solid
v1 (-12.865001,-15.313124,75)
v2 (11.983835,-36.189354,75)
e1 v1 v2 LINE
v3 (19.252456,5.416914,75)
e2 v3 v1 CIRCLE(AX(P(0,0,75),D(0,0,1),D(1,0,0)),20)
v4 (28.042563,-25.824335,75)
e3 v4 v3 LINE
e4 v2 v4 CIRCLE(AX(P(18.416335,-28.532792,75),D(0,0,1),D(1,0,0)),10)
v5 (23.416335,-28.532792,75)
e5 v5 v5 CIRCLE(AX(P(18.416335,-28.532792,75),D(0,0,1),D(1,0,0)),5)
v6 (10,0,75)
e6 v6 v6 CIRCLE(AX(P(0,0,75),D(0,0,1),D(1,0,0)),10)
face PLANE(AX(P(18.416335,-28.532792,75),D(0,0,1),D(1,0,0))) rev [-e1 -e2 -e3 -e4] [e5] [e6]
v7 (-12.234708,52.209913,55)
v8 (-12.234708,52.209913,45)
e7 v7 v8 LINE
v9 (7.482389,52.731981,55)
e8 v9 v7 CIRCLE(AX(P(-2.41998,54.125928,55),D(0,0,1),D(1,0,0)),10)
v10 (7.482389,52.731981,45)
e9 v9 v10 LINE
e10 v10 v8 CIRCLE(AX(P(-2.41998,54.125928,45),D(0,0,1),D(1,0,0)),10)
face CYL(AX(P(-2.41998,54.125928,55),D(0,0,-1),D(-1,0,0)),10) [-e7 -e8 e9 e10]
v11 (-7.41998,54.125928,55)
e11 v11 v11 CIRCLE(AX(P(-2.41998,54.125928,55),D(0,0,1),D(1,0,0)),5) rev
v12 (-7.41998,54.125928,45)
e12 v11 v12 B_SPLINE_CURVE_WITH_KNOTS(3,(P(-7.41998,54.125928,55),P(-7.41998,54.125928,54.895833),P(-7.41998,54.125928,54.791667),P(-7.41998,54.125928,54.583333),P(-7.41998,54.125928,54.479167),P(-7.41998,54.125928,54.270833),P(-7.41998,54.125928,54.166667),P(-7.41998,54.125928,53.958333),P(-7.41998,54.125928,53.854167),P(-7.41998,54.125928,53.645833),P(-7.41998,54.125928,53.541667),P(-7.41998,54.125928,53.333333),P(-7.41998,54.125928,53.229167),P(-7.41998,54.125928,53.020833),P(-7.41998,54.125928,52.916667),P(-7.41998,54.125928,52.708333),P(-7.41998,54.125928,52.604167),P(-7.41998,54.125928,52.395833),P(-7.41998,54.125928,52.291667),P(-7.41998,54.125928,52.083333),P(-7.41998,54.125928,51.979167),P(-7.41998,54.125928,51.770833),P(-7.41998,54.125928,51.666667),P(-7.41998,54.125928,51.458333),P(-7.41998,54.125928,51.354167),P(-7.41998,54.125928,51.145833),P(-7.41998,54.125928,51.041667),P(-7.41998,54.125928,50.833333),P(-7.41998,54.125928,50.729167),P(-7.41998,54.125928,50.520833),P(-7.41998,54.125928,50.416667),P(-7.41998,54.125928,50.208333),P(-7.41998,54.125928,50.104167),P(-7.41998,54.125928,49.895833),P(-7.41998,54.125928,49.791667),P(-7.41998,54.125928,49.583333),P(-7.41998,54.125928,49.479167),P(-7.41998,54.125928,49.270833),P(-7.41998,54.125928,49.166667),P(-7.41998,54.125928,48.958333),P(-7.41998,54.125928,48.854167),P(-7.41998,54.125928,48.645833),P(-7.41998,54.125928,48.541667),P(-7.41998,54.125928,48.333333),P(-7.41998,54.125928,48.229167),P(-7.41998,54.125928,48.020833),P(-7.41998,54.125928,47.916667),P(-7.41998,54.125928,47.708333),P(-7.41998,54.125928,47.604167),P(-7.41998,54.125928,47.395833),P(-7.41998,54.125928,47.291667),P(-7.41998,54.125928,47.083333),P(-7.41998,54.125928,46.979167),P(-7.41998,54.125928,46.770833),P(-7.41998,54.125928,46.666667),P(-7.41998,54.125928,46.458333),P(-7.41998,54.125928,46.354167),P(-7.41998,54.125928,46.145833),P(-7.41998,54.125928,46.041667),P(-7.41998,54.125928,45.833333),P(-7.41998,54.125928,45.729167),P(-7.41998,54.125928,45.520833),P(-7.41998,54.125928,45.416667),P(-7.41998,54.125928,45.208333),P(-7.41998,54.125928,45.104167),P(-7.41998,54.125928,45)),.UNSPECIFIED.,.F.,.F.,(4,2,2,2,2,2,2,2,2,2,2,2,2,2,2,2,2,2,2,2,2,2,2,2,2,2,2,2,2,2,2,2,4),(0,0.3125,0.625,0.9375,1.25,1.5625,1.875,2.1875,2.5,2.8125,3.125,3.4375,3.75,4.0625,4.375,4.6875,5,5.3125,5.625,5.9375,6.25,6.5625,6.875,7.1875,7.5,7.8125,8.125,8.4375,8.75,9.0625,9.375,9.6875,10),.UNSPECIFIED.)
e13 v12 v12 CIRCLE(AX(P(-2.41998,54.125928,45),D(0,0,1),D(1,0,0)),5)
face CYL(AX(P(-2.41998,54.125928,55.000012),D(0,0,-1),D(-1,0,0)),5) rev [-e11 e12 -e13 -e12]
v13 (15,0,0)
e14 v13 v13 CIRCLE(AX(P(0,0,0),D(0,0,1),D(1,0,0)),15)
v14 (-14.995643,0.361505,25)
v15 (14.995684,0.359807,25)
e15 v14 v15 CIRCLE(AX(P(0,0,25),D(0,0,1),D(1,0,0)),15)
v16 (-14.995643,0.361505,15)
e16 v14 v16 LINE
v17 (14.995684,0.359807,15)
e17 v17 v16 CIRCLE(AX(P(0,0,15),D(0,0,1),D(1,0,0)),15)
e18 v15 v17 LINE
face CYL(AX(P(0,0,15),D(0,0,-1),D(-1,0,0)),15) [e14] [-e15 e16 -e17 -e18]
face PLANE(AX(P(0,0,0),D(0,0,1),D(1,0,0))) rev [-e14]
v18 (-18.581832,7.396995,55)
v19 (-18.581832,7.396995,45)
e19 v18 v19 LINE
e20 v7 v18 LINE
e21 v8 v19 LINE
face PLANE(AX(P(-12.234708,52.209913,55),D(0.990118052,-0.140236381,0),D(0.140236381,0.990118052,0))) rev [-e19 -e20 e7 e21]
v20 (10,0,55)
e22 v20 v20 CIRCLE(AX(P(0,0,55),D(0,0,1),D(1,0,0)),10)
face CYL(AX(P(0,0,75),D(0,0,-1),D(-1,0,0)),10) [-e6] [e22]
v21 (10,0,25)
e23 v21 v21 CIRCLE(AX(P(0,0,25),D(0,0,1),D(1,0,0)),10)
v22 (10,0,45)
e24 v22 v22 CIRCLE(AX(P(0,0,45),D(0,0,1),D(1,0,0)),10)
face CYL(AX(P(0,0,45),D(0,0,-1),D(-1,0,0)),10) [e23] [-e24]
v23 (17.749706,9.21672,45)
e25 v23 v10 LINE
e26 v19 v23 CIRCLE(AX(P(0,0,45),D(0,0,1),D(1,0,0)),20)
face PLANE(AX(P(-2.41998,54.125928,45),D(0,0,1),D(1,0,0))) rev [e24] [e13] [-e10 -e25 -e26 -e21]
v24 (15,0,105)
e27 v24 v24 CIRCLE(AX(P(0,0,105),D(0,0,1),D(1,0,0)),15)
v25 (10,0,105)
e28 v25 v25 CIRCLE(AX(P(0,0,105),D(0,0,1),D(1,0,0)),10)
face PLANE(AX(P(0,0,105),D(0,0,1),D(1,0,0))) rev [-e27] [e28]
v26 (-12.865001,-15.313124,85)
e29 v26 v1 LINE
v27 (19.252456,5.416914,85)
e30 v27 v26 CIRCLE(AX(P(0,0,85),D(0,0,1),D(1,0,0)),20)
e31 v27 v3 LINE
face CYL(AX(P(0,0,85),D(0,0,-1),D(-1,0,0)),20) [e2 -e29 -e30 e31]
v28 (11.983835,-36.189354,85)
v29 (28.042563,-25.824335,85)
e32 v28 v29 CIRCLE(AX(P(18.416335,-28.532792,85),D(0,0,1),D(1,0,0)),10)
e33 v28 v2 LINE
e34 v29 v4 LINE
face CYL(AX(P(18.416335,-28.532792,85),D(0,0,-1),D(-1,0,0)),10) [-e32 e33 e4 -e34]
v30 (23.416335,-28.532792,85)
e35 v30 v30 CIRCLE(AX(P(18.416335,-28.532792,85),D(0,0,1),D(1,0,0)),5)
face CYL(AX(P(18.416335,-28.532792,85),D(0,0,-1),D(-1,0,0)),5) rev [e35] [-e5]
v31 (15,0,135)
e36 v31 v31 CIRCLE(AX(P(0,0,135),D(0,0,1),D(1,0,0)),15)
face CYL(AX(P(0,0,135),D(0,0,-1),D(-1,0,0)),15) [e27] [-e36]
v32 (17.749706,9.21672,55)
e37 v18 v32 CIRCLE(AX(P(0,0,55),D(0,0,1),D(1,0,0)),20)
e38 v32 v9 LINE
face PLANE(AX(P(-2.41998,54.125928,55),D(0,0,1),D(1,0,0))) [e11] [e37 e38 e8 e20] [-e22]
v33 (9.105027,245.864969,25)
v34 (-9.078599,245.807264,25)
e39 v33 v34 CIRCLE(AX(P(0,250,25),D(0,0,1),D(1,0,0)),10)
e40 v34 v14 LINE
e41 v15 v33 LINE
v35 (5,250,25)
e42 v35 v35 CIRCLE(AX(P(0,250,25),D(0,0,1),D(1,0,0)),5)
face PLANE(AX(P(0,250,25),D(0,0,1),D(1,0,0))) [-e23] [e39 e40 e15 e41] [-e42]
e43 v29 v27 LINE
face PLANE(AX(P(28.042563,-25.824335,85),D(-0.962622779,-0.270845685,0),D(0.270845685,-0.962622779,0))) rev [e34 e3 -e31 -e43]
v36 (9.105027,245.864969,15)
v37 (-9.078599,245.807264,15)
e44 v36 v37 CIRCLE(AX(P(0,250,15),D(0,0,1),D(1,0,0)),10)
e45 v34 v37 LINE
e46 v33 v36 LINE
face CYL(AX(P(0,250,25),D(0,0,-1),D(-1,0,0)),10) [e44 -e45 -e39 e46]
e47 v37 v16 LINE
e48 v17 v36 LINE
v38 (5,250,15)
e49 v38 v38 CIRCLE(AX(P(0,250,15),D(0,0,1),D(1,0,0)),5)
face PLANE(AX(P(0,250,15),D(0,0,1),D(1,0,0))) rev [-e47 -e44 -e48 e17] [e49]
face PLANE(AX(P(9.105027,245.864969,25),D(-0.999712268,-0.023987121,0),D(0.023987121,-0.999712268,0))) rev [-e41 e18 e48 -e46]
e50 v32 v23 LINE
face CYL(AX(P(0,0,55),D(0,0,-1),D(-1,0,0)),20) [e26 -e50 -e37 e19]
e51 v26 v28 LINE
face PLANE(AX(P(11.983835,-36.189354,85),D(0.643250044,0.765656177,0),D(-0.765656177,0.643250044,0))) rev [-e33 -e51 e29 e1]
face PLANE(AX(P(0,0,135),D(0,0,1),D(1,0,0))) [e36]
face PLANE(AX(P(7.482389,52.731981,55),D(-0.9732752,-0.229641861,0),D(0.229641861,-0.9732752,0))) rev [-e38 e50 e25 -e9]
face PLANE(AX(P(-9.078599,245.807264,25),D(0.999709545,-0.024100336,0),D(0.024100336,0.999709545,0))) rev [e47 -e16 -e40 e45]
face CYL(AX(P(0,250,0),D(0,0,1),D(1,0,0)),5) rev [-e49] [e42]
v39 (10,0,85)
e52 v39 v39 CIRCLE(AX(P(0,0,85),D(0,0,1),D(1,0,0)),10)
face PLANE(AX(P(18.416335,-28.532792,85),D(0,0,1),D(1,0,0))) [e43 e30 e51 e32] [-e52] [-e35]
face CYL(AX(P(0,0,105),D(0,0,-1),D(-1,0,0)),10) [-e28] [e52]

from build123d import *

# Parameters (mm, degrees)
ESBO_O1_R                  = 15
RESSALTO_EXTRUS_O1_DEPTH   = 15
RESSALTO_EXTRUS_O2_DEPTH   = 10
ESBO_O4_R                  = 10
RESSALTO_EXTRUS_O3_DEPTH   = 20
CORTE_EXTRUS_O3_DEPTH      = 262.629509039
CORTE_EXTRUS_O3_DEPTH_BACK = 262.629509039
ESBO_O9_R                  = 5
RESSALTO_EXTRUS_O6_DEPTH   = 10
CORTE_EXTRUS_O4_DEPTH      = 267.505159425
CORTE_EXTRUS_O4_DEPTH_BACK = 10
ESBO_O12_R                 = 5
ESBO_O13_R                 = 10
RESSALTO_EXTRUS_O7_DEPTH   = 20
ESBO_O14_R                 = 5
RESSALTO_EXTRUS_O8_DEPTH   = 10
ESBO_O15_R                 = 10
RESSALTO_EXTRUS_O9_DEPTH   = 20
ESBO_O17_R                 = 15
RESSALTO_EXTRUS_O10_DEPTH  = 30


with BuildPart() as part:
    # Esboço1 → Ressalto-extrusão1 (new body)
    with BuildSketch(Plane.XY):
        Circle(ESBO_O1_R)
    extrude(amount=RESSALTO_EXTRUS_O1_DEPTH)

    # Esboço2 → Ressalto-extrusão2 (add)
    with BuildSketch(Plane.XY.offset(15)):
        with BuildLine():
            Line((-9.078599197, 245.807263828), (-14.995643171, 0.361505045))
            ThreePointArc((-14.995643171, 0.361505045), (-0.00084936, -14.999999976), (14.995684014, 0.359806815))
            Line((14.995684014, 0.359806815), (9.105027046, 245.864968865))
            ThreePointArc((9.105027046, 245.864968865), (-0.031734455, 259.999949646), (-9.078599197, 245.807263828))
        make_face()
    extrude(amount=RESSALTO_EXTRUS_O2_DEPTH)

    # Esboço4 → Ressalto-extrusão3 (add)
    with BuildSketch(Plane.XY.offset(25)):
        Circle(ESBO_O4_R)
    extrude(amount=RESSALTO_EXTRUS_O3_DEPTH)

    # Esboço9 → Corte-extrusão3 (cut, two sides: drawn at the far end of the back side and taken through both)
    with BuildSketch(Plane.XY.offset(25).offset(-CORTE_EXTRUS_O3_DEPTH_BACK)):
        with Locations((0, 250)):
            Circle(ESBO_O9_R)
    extrude(amount=CORTE_EXTRUS_O3_DEPTH + CORTE_EXTRUS_O3_DEPTH_BACK, mode=Mode.SUBTRACT)

    # Esboço11 → Ressalto-extrusão6 (add)
    with BuildSketch(Plane(origin=(0, 0, 45), x_dir=(0.999001995685138, 0.044665564108286114, 0), z_dir=(0, 0, 1))):
        with BuildLine():
            Line((-9.890512739, 52.704277206), (-18.232895862, 8.219580797))
            ThreePointArc((-18.232895862, 8.219580797), (0.107287246, -19.999712234), (18.143662158, 8.414720642))
            Line((18.143662158, 8.414720642), (9.830225014, 52.345149552))
            ThreePointArc((9.830225014, 52.345149552), (0.182076414, 64.178342272), (-9.890512739, 52.704277206))
        make_face()
    extrude(amount=RESSALTO_EXTRUS_O6_DEPTH)

    # Esboço12 → Corte-extrusão4 (cut, two sides: drawn at the far end of the back side and taken through both)
    with BuildSketch(Plane.XY.offset(55).offset(-CORTE_EXTRUS_O4_DEPTH_BACK)):
        with Locations(Location((-2.419980263, 54.125928126, 0), (0, 0, 180))):
            Circle(ESBO_O12_R)
    extrude(amount=CORTE_EXTRUS_O4_DEPTH + CORTE_EXTRUS_O4_DEPTH_BACK, mode=Mode.SUBTRACT)

    # Esboço13 → Ressalto-extrusão7 (add)
    with BuildSketch(Plane.XY.offset(55)):
        Circle(ESBO_O13_R)
    extrude(amount=RESSALTO_EXTRUS_O7_DEPTH)

    # Esboço14 → Ressalto-extrusão8 (add)
    with BuildSketch(Plane(origin=(0, 0, 75), x_dir=(-0.8401882150112437, -0.5422949044166098, 0), z_dir=(0, 0, 1))):
        with BuildLine():
            Line((-9.556625494, 36.904640754), (-19.113250988, 5.889281508))
            ThreePointArc((-19.113250988, 5.889281508), (0, -20), (19.113250988, 5.889281508))
            Line((19.113250988, 5.889281508), (9.556625494, 36.904640754))
            ThreePointArc((9.556625494, 36.904640754), (0, 43.96), (-9.556625494, 36.904640754))
        make_face()
        with Locations(Location((0, 33.96, 0), (0, 0, 147.16))):
            Circle(ESBO_O14_R, mode=Mode.SUBTRACT)
    extrude(amount=RESSALTO_EXTRUS_O8_DEPTH)

    # Esboço15 → Ressalto-extrusão9 (add)
    with BuildSketch(Plane.XY.offset(85)):
        Circle(ESBO_O15_R)
    extrude(amount=RESSALTO_EXTRUS_O9_DEPTH)

    # Esboço17 → Ressalto-extrusão10 (add)
    with BuildSketch(Plane.XY.offset(105)):
        with Locations(Location((0, 0, 0), (0, 0, 178.619018737))):
            Circle(ESBO_O17_R)
    extrude(amount=RESSALTO_EXTRUS_O10_DEPTH)


solid = part.part
